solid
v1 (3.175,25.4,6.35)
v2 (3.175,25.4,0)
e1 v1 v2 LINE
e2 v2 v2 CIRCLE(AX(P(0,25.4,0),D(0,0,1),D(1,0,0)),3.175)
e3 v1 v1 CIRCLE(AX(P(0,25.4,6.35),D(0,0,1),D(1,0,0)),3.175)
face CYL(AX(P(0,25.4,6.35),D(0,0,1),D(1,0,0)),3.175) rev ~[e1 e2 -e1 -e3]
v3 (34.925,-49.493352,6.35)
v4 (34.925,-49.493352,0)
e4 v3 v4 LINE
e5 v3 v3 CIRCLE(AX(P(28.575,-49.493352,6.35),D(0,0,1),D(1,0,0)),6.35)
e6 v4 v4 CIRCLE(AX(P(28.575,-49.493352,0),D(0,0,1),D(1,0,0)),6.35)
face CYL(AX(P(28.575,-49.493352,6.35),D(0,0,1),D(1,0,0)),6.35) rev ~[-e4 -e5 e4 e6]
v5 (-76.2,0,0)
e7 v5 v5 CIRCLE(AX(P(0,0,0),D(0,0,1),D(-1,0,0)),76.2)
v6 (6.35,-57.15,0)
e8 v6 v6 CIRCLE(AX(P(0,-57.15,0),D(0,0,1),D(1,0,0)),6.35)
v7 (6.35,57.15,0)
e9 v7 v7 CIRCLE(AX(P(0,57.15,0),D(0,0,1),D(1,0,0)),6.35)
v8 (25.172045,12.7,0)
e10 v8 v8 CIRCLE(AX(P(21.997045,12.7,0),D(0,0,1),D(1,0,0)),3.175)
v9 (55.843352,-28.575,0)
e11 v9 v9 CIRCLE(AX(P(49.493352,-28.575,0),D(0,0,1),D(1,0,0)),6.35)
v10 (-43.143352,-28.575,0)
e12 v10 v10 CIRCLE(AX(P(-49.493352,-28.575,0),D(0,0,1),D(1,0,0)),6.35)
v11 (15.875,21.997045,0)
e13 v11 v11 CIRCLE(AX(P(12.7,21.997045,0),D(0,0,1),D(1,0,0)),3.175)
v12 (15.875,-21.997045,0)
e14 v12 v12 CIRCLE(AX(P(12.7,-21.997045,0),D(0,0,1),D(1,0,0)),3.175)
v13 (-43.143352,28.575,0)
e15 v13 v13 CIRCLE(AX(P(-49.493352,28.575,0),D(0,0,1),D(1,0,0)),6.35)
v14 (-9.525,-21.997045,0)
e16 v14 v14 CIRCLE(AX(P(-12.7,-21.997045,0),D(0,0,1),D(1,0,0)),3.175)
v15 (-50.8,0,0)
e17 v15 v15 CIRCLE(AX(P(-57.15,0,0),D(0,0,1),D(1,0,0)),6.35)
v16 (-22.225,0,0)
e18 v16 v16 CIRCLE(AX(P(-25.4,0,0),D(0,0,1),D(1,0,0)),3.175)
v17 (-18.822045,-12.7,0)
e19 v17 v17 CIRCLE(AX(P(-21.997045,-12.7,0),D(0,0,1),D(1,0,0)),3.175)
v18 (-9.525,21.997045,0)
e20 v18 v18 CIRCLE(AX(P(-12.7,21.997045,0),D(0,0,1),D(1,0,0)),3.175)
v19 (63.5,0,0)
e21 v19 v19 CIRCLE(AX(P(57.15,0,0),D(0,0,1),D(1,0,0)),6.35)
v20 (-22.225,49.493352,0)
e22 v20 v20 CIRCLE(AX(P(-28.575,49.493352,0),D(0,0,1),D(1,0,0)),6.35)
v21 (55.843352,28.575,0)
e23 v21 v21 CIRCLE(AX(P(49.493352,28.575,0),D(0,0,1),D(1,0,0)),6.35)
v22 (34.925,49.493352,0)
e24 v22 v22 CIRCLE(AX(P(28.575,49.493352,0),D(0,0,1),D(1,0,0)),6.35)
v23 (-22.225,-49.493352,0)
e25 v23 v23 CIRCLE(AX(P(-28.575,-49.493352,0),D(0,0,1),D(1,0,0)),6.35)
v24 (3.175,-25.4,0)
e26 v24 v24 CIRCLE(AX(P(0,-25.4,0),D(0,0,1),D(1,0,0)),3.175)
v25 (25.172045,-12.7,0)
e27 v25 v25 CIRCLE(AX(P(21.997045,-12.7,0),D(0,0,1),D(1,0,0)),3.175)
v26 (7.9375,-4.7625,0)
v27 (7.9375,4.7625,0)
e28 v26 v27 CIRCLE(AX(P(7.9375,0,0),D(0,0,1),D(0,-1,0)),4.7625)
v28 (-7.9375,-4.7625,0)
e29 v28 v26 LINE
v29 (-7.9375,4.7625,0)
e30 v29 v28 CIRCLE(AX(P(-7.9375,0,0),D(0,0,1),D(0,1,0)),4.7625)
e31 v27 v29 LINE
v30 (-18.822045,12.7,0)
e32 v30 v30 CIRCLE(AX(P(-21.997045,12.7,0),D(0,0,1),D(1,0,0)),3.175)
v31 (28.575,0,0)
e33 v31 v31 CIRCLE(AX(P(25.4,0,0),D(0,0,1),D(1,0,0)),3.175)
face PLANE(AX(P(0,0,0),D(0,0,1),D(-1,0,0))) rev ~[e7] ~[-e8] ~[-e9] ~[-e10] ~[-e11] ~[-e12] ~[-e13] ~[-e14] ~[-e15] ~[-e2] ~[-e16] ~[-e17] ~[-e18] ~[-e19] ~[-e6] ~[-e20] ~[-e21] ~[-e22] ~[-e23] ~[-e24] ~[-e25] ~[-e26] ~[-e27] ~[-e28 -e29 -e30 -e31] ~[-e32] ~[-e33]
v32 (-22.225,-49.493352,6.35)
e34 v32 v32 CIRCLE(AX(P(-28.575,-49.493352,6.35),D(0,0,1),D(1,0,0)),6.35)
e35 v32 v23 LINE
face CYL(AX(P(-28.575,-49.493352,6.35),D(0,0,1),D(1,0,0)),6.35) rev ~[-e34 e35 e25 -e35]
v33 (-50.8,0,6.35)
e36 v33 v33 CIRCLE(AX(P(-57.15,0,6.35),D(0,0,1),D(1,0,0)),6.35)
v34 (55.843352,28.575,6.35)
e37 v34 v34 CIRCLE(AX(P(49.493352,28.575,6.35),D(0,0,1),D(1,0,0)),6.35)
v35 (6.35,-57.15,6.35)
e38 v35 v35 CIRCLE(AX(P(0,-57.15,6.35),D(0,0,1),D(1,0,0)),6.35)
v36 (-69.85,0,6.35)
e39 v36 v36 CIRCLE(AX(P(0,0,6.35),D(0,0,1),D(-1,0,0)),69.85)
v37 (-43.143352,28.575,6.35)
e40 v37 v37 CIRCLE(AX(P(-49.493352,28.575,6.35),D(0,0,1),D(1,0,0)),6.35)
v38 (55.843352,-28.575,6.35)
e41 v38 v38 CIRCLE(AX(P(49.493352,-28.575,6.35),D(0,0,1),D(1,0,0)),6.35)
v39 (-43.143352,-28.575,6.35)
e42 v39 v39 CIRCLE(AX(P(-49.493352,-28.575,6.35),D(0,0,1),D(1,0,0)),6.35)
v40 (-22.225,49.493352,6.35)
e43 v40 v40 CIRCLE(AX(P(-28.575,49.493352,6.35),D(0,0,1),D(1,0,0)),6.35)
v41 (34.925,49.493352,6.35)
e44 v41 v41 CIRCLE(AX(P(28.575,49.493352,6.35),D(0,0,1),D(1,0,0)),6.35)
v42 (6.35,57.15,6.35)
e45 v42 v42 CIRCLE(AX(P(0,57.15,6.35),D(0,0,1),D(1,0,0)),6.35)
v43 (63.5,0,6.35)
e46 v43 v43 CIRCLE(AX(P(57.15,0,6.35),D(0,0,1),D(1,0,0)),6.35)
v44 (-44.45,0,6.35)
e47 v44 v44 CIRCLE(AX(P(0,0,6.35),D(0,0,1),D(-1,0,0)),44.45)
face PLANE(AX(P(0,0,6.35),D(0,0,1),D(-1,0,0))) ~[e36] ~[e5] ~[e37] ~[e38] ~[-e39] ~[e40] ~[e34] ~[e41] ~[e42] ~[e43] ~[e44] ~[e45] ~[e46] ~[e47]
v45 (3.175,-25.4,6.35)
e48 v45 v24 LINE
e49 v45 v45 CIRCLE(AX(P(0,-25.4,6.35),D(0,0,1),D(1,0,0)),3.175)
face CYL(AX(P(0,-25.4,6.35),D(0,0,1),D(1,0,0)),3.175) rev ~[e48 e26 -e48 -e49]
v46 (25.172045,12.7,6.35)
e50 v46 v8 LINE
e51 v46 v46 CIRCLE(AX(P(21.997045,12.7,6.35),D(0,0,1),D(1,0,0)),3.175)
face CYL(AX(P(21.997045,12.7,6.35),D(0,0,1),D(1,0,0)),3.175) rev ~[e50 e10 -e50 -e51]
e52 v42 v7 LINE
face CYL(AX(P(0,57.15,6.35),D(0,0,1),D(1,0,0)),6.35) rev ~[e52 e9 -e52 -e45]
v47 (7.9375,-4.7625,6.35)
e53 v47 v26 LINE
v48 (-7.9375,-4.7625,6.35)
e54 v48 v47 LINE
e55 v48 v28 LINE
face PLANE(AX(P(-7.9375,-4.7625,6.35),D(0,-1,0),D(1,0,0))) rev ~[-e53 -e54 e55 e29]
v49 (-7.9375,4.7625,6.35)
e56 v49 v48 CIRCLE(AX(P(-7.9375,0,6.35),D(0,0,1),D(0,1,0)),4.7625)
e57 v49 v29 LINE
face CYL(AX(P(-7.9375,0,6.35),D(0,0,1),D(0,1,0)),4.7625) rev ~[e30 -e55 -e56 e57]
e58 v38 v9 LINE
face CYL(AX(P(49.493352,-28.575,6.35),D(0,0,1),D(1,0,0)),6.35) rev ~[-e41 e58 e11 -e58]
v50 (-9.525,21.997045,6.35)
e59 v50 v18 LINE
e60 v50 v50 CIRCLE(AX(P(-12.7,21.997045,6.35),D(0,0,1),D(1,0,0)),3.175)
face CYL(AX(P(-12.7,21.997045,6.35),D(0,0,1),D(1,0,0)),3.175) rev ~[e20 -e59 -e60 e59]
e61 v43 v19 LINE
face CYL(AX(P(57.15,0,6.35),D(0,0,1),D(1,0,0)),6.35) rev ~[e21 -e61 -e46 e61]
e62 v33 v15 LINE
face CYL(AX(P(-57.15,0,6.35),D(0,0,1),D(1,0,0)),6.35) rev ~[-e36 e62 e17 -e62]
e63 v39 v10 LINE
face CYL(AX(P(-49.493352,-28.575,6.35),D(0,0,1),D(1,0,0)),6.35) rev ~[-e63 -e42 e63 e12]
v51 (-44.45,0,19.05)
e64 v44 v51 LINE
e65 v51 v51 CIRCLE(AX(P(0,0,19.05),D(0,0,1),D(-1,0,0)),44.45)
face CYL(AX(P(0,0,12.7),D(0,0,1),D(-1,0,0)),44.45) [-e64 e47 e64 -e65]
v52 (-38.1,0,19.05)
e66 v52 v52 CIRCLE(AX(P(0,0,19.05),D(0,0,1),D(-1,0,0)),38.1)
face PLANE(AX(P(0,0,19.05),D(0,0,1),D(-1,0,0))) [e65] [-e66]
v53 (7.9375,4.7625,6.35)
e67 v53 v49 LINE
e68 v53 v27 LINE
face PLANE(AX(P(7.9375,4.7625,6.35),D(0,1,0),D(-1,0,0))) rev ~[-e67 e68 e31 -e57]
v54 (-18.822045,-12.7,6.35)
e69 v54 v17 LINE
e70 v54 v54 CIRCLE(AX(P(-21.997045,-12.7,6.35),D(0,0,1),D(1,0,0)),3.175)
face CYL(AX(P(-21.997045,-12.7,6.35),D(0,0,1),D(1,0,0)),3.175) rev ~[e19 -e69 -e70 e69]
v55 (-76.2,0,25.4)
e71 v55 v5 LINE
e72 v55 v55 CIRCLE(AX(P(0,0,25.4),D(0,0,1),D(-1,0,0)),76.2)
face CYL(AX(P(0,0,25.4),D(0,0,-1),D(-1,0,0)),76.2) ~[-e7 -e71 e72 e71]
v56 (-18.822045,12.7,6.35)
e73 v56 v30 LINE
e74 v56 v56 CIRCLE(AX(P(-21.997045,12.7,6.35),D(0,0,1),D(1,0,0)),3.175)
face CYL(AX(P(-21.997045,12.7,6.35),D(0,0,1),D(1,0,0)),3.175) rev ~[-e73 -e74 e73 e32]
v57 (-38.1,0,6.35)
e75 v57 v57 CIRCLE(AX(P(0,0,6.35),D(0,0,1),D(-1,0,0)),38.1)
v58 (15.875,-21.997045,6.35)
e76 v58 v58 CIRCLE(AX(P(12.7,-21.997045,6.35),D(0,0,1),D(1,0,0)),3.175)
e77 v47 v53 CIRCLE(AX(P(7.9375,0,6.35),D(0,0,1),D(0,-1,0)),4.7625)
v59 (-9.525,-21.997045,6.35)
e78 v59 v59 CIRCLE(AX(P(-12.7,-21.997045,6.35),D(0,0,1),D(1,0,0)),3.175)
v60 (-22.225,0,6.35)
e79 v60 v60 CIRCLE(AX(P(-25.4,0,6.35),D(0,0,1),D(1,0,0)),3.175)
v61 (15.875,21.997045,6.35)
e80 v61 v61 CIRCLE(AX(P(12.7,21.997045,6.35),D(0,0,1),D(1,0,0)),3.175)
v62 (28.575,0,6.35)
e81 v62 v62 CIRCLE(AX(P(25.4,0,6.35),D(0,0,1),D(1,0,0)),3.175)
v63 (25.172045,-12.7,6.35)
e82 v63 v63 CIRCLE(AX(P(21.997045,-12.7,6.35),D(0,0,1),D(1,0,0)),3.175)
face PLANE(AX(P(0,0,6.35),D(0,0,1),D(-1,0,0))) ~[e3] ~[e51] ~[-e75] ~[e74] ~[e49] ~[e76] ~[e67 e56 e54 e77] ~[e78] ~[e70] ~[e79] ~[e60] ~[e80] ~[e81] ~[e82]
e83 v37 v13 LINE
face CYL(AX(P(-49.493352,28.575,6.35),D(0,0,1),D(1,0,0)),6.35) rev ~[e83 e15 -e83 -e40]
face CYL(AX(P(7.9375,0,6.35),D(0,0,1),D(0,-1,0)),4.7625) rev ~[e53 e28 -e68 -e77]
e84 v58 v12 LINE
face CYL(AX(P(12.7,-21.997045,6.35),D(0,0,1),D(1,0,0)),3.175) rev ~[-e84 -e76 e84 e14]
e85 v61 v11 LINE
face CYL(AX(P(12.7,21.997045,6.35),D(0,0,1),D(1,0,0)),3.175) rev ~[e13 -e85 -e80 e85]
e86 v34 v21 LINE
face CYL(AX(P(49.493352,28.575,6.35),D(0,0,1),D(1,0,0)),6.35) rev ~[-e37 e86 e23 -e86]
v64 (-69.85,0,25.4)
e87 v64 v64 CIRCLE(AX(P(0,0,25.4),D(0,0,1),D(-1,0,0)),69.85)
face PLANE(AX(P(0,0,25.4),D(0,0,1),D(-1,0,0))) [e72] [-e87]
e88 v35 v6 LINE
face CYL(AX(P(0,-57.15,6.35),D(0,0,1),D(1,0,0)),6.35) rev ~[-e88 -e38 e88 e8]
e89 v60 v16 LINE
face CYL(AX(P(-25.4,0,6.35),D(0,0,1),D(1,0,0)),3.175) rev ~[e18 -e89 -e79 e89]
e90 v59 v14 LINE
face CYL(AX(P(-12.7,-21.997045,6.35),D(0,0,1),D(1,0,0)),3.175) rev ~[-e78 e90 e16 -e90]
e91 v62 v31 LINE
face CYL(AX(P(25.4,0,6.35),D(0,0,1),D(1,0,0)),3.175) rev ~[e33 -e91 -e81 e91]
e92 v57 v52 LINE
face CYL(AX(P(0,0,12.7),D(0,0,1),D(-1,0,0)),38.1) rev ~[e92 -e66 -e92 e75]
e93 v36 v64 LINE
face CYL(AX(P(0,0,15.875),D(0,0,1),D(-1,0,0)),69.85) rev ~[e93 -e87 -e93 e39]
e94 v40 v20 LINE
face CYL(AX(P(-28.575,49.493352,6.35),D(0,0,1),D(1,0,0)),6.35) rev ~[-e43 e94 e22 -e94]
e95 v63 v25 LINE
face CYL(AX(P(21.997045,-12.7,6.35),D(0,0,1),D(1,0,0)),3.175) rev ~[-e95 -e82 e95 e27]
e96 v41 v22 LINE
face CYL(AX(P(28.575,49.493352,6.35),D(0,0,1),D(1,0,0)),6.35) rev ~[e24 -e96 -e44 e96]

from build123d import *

# Parameters (mm, degrees)
F0_W     = 6.35
F0_H     = 12.7
F0_H_2   = 19.05
F2_R     = 6.35
F2_R_2   = 3.175
F3_DEPTH = 6.351


with BuildPart() as f1:
    # F0 (on Front) → F1 (revolve)
    with BuildSketch(Plane.XZ):
        Polygon((-76.2, 0), (0, 0), (0, 6.35), (-38.1, 6.35), (-44.45, 6.35), (-69.85, 6.35), (-76.2, 6.35), align=None)
        with Locations((-41.275, 12.7)):
            Rectangle(F0_W, F0_H)
        with Locations((-73.025, 15.875)):
            Rectangle(F0_W, F0_H_2)
    revolve(axis=Axis((0, 0, 3.175), (0, 0, 1)))

    # F2 (on face) → F3 (cut, through all)
    with BuildSketch(Plane.XY.offset(6.35)):
        with Locations((0, 57.15)):
            Circle(F2_R)
        with Locations((0, 25.4)):
            Circle(F2_R_2)
        with Locations((28.575, 49.493352)):
            Circle(F2_R)
        with Locations((12.7, 21.997045)):
            Circle(F2_R_2)
        with Locations((49.493352, 28.575)):
            Circle(F2_R)
        with Locations((21.997045, 12.7)):
            Circle(F2_R_2)
        with Locations((57.15, 0)):
            Circle(F2_R)
        with Locations((25.4, 0)):
            Circle(F2_R_2)
        with Locations((49.493352, -28.575)):
            Circle(F2_R)
        with Locations((21.997045, -12.7)):
            Circle(F2_R_2)
        with Locations((28.575, -49.493352)):
            Circle(F2_R)
        with Locations((12.7, -21.997045)):
            Circle(F2_R_2)
        with Locations((0, -57.15)):
            Circle(F2_R)
        with Locations((0, -25.4)):
            Circle(F2_R_2)
        with Locations((-28.575, -49.493352)):
            Circle(F2_R)
        with Locations((-12.7, -21.997045)):
            Circle(F2_R_2)
        with Locations((-49.493352, -28.575)):
            Circle(F2_R)
        with Locations((-21.997045, -12.7)):
            Circle(F2_R_2)
        with Locations((-57.15, 0)):
            Circle(F2_R)
        with Locations((-25.4, 0)):
            Circle(F2_R_2)
        with Locations((-49.493352, 28.575)):
            Circle(F2_R)
        with Locations((-21.997045, 12.7)):
            Circle(F2_R_2)
        with Locations((-28.575, 49.493352)):
            Circle(F2_R)
        with Locations((-12.7, 21.997045)):
            Circle(F2_R_2)
        with BuildLine():
            ThreePointArc((-7.9375, 4.7625), (-12.7, 0), (-7.9375, -4.7625))
            Line((-7.9375, -4.7625), (7.9375, -4.7625))
            ThreePointArc((7.9375, -4.7625), (12.7, 0), (7.9375, 4.7625))
            Line((7.9375, 4.7625), (-7.9375, 4.7625))
        make_face()
    extrude(amount=-F3_DEPTH, mode=Mode.SUBTRACT)


solid = f1.part
